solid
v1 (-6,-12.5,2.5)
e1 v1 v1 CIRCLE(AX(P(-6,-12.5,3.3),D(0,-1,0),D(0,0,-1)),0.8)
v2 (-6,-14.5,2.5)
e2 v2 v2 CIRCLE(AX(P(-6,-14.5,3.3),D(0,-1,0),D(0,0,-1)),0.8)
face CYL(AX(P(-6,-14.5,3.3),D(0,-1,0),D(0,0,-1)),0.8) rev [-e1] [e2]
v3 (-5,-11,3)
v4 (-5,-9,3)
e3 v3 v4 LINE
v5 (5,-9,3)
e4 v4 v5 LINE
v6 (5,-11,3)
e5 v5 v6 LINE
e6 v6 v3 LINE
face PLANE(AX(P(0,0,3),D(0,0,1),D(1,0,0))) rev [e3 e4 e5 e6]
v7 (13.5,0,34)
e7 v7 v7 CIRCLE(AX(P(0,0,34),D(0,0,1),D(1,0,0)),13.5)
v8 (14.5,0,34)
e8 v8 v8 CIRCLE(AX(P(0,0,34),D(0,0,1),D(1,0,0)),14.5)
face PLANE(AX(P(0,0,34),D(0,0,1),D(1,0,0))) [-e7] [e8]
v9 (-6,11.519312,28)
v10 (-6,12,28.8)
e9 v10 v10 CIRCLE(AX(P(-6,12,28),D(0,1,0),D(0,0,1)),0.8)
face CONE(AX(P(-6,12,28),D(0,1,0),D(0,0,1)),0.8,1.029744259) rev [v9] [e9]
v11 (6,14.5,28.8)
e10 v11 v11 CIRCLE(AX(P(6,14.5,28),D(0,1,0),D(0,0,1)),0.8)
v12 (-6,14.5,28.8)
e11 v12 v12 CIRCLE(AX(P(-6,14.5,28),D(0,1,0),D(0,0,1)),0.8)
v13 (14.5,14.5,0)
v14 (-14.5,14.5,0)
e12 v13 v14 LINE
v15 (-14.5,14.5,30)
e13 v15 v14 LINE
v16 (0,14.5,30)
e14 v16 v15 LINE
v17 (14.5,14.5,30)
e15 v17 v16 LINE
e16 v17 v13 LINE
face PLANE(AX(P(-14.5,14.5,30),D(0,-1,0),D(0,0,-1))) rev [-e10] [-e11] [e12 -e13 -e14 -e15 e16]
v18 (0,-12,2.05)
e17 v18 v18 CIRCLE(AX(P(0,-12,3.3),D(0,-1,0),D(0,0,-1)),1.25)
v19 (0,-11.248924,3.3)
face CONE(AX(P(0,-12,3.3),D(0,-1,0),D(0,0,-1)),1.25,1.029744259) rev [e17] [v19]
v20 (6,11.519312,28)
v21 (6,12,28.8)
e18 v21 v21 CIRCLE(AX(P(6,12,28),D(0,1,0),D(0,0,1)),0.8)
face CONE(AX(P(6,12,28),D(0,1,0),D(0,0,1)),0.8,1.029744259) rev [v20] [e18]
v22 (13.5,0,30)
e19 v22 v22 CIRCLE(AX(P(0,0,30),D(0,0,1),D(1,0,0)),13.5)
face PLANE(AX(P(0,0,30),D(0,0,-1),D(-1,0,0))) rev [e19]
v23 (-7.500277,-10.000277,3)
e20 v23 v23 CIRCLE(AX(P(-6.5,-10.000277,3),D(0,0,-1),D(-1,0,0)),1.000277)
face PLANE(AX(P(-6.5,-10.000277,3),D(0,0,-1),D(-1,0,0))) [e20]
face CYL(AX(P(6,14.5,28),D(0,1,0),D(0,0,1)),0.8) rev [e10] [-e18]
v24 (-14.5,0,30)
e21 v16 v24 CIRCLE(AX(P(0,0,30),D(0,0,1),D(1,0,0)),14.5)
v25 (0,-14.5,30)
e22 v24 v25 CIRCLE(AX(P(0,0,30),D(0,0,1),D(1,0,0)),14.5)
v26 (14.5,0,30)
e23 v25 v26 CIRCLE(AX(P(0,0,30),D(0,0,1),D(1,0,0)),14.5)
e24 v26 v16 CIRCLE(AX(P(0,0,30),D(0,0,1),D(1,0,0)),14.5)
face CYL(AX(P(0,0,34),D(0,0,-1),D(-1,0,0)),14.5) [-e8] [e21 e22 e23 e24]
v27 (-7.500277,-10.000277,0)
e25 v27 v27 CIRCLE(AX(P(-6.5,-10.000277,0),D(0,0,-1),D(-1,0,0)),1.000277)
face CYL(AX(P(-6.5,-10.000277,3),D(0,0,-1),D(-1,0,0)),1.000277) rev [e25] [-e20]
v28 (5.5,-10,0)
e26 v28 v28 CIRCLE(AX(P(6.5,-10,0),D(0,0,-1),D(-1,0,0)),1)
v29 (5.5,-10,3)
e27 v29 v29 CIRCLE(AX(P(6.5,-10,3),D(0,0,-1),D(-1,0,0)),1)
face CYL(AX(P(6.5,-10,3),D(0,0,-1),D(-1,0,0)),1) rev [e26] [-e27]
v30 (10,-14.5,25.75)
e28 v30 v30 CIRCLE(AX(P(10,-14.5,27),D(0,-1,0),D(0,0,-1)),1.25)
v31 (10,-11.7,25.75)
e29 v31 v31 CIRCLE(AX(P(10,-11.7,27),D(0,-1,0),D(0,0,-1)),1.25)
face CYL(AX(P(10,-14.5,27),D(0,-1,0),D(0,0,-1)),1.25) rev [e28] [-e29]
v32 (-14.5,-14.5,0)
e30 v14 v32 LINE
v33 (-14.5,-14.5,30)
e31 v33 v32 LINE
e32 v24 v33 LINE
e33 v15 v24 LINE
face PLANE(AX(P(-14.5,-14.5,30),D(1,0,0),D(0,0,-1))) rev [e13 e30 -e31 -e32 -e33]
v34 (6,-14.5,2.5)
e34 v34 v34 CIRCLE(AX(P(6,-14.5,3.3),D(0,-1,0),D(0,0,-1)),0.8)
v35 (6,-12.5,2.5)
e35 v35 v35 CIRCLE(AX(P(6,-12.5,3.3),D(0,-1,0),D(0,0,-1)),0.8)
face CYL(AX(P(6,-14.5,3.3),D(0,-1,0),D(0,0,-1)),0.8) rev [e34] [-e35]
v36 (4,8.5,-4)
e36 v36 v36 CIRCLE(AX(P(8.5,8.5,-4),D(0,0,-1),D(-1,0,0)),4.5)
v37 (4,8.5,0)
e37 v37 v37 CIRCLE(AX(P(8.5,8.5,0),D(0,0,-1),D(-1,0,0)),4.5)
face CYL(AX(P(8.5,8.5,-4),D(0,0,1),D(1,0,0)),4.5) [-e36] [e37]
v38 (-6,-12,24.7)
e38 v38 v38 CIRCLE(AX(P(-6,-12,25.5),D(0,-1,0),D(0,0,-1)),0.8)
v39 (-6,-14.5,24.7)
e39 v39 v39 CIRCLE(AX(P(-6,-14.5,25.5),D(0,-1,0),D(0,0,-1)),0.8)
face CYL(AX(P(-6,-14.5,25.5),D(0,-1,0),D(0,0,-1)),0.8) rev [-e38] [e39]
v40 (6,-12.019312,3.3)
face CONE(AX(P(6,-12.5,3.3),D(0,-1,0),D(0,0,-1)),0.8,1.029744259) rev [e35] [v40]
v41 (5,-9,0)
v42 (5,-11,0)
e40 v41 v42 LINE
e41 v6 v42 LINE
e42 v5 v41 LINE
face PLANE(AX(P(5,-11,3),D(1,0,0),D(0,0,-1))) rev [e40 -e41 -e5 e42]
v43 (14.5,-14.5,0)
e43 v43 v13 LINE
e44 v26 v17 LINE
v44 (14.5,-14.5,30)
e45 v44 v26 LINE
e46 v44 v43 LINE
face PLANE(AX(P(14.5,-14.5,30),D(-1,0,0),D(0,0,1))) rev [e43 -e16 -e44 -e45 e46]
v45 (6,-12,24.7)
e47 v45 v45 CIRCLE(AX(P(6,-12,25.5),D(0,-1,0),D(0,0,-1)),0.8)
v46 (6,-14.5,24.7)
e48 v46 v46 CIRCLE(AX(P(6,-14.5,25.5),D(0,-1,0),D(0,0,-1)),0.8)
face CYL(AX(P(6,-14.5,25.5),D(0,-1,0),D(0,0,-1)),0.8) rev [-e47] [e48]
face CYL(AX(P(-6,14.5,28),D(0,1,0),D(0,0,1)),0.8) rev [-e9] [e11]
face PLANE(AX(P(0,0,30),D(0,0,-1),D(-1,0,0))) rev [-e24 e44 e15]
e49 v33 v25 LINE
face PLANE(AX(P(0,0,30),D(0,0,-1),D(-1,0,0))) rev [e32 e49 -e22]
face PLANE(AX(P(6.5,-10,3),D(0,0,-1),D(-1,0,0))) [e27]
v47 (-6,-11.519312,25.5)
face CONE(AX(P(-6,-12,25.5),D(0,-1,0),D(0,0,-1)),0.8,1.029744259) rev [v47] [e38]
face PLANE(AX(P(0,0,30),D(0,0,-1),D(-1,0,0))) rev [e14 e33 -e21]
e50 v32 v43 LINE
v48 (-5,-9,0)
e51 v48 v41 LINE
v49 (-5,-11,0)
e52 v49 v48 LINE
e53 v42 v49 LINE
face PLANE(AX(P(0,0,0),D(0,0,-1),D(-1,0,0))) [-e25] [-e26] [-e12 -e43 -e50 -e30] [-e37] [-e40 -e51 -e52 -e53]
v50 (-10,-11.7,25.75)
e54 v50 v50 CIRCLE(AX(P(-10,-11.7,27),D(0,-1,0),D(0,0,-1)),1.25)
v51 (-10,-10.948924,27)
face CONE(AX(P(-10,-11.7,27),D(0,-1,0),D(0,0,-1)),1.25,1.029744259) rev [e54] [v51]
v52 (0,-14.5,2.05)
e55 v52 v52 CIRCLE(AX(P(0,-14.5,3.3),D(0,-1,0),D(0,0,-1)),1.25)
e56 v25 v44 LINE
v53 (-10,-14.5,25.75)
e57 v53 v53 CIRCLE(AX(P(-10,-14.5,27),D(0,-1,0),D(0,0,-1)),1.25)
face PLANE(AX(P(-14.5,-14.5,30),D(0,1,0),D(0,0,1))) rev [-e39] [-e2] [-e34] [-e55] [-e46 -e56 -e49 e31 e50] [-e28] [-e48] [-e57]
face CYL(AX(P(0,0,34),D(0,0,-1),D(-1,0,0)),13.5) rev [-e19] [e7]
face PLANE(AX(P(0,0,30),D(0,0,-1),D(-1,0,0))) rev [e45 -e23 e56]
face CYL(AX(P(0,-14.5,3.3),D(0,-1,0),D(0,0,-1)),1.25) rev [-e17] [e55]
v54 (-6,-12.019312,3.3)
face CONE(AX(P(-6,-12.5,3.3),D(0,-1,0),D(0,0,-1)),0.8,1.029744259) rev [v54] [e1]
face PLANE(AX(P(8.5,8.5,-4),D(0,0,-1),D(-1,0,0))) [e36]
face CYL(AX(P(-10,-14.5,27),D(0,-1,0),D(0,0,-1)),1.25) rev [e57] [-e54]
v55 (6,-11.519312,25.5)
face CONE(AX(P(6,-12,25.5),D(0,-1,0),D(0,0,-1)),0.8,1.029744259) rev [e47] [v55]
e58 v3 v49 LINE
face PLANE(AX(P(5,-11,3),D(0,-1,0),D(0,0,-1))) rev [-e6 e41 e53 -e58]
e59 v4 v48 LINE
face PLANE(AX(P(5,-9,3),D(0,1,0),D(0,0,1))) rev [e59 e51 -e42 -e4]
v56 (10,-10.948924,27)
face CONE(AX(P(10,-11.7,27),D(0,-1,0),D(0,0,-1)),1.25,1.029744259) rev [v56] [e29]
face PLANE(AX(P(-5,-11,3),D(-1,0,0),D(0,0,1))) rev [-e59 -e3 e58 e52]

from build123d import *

# Parameters (mm, degrees)
SKETCH1_W                 = 29
SKETCH1_H                 = 29
BOSS_EXTRUDE1_DEPTH       = 30
M2X0_4_TAPPED_HOLE1_D     = 1.6
M2X0_4_TAPPED_HOLE1_DEPTH = 2.5
M2X0_4_TAPPED_HOLE1_TIP   = 0.480688495
M3X0_5_TAPPED_HOLE1_D     = 2.5
M3X0_5_TAPPED_HOLE1_DEPTH = 2.8
M3X0_5_TAPPED_HOLE1_TIP   = 0.751075774
M3X0_5_TAPPED_HOLE2_D     = 2.5
M3X0_5_TAPPED_HOLE2_DEPTH = 2.5
M3X0_5_TAPPED_HOLE2_TIP   = 0.751075774
M2X0_4_TAPPED_HOLE2_D     = 1.6
M2X0_4_TAPPED_HOLE2_DEPTH = 2.5
M2X0_4_TAPPED_HOLE2_TIP   = 0.480688495
M2X0_4_TAPPED_HOLE3_D     = 1.6
M2X0_4_TAPPED_HOLE3_DEPTH = 2
M2X0_4_TAPPED_HOLE3_TIP   = 0.480688495
SKETCH12_R                = 1.000276531
SKETCH12_R_2              = 1
SKETCH12_W                = 10
SKETCH12_H                = 2
CUT_EXTRUDE4_DEPTH        = 3
SKETCH13_R                = 4.5
BOSS_EXTRUDE2_DEPTH       = 4
SKETCH14_R                = 14.5
SKETCH14_R_2              = 13.5
BOSS_EXTRUDE3_DEPTH       = 4


with BuildPart() as part:
    # Sketch1 → Boss-Extrude1 (new body)
    with BuildSketch(Plane.XY):
        Rectangle(SKETCH1_W, SKETCH1_H)
    extrude(amount=BOSS_EXTRUDE1_DEPTH)

    # M2x0.4 Tapped Hole1
    with Locations(Plane(origin=(0, 14.5, 0), x_dir=(1, 0, 0), z_dir=(0, 1, 0))):
        with Locations((-6, -28), (6, -28)):
            Hole(M2X0_4_TAPPED_HOLE1_D / 2, depth=M2X0_4_TAPPED_HOLE1_DEPTH)
            with Locations((0, 0, -(M2X0_4_TAPPED_HOLE1_DEPTH + M2X0_4_TAPPED_HOLE1_TIP / 2))):  # 118° drill point
                Cone(0, M2X0_4_TAPPED_HOLE1_D / 2, M2X0_4_TAPPED_HOLE1_TIP, mode=Mode.SUBTRACT)

    # M3x0.5 Tapped Hole1
    with Locations(Plane(origin=(0, -14.5, 0), x_dir=(-1, 0, 0), z_dir=(0, -1, 0))):
        with Locations((-10, -27), (10, -27)):
            Hole(M3X0_5_TAPPED_HOLE1_D / 2, depth=M3X0_5_TAPPED_HOLE1_DEPTH)
            with Locations((0, 0, -(M3X0_5_TAPPED_HOLE1_DEPTH + M3X0_5_TAPPED_HOLE1_TIP / 2))):  # 118° drill point
                Cone(0, M3X0_5_TAPPED_HOLE1_D / 2, M3X0_5_TAPPED_HOLE1_TIP, mode=Mode.SUBTRACT)

    # M3x0.5 Tapped Hole2
    with Locations(Plane(origin=(0, -14.5, 0), x_dir=(-1, 0, 0), z_dir=(0, -1, 0))):
        with Locations((0, -3.3)):
            Hole(M3X0_5_TAPPED_HOLE2_D / 2, depth=M3X0_5_TAPPED_HOLE2_DEPTH)
            with Locations((0, 0, -(M3X0_5_TAPPED_HOLE2_DEPTH + M3X0_5_TAPPED_HOLE2_TIP / 2))):  # 118° drill point
                Cone(0, M3X0_5_TAPPED_HOLE2_D / 2, M3X0_5_TAPPED_HOLE2_TIP, mode=Mode.SUBTRACT)

    # M2x0.4 Tapped Hole2
    with Locations(Plane(origin=(0, -14.5, 0), x_dir=(-1, 0, 0), z_dir=(0, -1, 0))):
        with Locations((-6, -25.5), (6, -25.5)):
            Hole(M2X0_4_TAPPED_HOLE2_D / 2, depth=M2X0_4_TAPPED_HOLE2_DEPTH)
            with Locations((0, 0, -(M2X0_4_TAPPED_HOLE2_DEPTH + M2X0_4_TAPPED_HOLE2_TIP / 2))):  # 118° drill point
                Cone(0, M2X0_4_TAPPED_HOLE2_D / 2, M2X0_4_TAPPED_HOLE2_TIP, mode=Mode.SUBTRACT)

    # M2x0.4 Tapped Hole3
    with Locations(Plane(origin=(0, -14.5, 0), x_dir=(-1, 0, 0), z_dir=(0, -1, 0))):
        with Locations((-6, -3.3), (6, -3.3)):
            Hole(M2X0_4_TAPPED_HOLE3_D / 2, depth=M2X0_4_TAPPED_HOLE3_DEPTH)
            with Locations((0, 0, -(M2X0_4_TAPPED_HOLE3_DEPTH + M2X0_4_TAPPED_HOLE3_TIP / 2))):  # 118° drill point
                Cone(0, M2X0_4_TAPPED_HOLE3_D / 2, M2X0_4_TAPPED_HOLE3_TIP, mode=Mode.SUBTRACT)

    # Sketch12 → Cut-Extrude4 (cut)
    with BuildSketch(Plane(origin=(0, 0, 0), x_dir=(-1, 0, 0), z_dir=(0, 0, -1))):
        with Locations((6.5, -10.000276531)):
            Circle(SKETCH12_R)
        with Locations((-6.5, -10)):
            Circle(SKETCH12_R_2)
        with Locations((0, -10)):
            Rectangle(SKETCH12_W, SKETCH12_H)
    extrude(amount=-CUT_EXTRUDE4_DEPTH, mode=Mode.SUBTRACT)

    # Sketch13 → Boss-Extrude2 (add)
    with BuildSketch(Plane(origin=(0, 0, 0), x_dir=(-1, 0, 0), z_dir=(0, 0, -1))):
        with Locations((-8.5, 8.5)):
            Circle(SKETCH13_R)
    extrude(amount=BOSS_EXTRUDE2_DEPTH)

    # Sketch14 → Boss-Extrude3 (add)
    with BuildSketch(Plane.XY.offset(30)):
        Circle(SKETCH14_R)
        Circle(SKETCH14_R_2, mode=Mode.SUBTRACT)
    extrude(amount=BOSS_EXTRUDE3_DEPTH)


solid = part.part
